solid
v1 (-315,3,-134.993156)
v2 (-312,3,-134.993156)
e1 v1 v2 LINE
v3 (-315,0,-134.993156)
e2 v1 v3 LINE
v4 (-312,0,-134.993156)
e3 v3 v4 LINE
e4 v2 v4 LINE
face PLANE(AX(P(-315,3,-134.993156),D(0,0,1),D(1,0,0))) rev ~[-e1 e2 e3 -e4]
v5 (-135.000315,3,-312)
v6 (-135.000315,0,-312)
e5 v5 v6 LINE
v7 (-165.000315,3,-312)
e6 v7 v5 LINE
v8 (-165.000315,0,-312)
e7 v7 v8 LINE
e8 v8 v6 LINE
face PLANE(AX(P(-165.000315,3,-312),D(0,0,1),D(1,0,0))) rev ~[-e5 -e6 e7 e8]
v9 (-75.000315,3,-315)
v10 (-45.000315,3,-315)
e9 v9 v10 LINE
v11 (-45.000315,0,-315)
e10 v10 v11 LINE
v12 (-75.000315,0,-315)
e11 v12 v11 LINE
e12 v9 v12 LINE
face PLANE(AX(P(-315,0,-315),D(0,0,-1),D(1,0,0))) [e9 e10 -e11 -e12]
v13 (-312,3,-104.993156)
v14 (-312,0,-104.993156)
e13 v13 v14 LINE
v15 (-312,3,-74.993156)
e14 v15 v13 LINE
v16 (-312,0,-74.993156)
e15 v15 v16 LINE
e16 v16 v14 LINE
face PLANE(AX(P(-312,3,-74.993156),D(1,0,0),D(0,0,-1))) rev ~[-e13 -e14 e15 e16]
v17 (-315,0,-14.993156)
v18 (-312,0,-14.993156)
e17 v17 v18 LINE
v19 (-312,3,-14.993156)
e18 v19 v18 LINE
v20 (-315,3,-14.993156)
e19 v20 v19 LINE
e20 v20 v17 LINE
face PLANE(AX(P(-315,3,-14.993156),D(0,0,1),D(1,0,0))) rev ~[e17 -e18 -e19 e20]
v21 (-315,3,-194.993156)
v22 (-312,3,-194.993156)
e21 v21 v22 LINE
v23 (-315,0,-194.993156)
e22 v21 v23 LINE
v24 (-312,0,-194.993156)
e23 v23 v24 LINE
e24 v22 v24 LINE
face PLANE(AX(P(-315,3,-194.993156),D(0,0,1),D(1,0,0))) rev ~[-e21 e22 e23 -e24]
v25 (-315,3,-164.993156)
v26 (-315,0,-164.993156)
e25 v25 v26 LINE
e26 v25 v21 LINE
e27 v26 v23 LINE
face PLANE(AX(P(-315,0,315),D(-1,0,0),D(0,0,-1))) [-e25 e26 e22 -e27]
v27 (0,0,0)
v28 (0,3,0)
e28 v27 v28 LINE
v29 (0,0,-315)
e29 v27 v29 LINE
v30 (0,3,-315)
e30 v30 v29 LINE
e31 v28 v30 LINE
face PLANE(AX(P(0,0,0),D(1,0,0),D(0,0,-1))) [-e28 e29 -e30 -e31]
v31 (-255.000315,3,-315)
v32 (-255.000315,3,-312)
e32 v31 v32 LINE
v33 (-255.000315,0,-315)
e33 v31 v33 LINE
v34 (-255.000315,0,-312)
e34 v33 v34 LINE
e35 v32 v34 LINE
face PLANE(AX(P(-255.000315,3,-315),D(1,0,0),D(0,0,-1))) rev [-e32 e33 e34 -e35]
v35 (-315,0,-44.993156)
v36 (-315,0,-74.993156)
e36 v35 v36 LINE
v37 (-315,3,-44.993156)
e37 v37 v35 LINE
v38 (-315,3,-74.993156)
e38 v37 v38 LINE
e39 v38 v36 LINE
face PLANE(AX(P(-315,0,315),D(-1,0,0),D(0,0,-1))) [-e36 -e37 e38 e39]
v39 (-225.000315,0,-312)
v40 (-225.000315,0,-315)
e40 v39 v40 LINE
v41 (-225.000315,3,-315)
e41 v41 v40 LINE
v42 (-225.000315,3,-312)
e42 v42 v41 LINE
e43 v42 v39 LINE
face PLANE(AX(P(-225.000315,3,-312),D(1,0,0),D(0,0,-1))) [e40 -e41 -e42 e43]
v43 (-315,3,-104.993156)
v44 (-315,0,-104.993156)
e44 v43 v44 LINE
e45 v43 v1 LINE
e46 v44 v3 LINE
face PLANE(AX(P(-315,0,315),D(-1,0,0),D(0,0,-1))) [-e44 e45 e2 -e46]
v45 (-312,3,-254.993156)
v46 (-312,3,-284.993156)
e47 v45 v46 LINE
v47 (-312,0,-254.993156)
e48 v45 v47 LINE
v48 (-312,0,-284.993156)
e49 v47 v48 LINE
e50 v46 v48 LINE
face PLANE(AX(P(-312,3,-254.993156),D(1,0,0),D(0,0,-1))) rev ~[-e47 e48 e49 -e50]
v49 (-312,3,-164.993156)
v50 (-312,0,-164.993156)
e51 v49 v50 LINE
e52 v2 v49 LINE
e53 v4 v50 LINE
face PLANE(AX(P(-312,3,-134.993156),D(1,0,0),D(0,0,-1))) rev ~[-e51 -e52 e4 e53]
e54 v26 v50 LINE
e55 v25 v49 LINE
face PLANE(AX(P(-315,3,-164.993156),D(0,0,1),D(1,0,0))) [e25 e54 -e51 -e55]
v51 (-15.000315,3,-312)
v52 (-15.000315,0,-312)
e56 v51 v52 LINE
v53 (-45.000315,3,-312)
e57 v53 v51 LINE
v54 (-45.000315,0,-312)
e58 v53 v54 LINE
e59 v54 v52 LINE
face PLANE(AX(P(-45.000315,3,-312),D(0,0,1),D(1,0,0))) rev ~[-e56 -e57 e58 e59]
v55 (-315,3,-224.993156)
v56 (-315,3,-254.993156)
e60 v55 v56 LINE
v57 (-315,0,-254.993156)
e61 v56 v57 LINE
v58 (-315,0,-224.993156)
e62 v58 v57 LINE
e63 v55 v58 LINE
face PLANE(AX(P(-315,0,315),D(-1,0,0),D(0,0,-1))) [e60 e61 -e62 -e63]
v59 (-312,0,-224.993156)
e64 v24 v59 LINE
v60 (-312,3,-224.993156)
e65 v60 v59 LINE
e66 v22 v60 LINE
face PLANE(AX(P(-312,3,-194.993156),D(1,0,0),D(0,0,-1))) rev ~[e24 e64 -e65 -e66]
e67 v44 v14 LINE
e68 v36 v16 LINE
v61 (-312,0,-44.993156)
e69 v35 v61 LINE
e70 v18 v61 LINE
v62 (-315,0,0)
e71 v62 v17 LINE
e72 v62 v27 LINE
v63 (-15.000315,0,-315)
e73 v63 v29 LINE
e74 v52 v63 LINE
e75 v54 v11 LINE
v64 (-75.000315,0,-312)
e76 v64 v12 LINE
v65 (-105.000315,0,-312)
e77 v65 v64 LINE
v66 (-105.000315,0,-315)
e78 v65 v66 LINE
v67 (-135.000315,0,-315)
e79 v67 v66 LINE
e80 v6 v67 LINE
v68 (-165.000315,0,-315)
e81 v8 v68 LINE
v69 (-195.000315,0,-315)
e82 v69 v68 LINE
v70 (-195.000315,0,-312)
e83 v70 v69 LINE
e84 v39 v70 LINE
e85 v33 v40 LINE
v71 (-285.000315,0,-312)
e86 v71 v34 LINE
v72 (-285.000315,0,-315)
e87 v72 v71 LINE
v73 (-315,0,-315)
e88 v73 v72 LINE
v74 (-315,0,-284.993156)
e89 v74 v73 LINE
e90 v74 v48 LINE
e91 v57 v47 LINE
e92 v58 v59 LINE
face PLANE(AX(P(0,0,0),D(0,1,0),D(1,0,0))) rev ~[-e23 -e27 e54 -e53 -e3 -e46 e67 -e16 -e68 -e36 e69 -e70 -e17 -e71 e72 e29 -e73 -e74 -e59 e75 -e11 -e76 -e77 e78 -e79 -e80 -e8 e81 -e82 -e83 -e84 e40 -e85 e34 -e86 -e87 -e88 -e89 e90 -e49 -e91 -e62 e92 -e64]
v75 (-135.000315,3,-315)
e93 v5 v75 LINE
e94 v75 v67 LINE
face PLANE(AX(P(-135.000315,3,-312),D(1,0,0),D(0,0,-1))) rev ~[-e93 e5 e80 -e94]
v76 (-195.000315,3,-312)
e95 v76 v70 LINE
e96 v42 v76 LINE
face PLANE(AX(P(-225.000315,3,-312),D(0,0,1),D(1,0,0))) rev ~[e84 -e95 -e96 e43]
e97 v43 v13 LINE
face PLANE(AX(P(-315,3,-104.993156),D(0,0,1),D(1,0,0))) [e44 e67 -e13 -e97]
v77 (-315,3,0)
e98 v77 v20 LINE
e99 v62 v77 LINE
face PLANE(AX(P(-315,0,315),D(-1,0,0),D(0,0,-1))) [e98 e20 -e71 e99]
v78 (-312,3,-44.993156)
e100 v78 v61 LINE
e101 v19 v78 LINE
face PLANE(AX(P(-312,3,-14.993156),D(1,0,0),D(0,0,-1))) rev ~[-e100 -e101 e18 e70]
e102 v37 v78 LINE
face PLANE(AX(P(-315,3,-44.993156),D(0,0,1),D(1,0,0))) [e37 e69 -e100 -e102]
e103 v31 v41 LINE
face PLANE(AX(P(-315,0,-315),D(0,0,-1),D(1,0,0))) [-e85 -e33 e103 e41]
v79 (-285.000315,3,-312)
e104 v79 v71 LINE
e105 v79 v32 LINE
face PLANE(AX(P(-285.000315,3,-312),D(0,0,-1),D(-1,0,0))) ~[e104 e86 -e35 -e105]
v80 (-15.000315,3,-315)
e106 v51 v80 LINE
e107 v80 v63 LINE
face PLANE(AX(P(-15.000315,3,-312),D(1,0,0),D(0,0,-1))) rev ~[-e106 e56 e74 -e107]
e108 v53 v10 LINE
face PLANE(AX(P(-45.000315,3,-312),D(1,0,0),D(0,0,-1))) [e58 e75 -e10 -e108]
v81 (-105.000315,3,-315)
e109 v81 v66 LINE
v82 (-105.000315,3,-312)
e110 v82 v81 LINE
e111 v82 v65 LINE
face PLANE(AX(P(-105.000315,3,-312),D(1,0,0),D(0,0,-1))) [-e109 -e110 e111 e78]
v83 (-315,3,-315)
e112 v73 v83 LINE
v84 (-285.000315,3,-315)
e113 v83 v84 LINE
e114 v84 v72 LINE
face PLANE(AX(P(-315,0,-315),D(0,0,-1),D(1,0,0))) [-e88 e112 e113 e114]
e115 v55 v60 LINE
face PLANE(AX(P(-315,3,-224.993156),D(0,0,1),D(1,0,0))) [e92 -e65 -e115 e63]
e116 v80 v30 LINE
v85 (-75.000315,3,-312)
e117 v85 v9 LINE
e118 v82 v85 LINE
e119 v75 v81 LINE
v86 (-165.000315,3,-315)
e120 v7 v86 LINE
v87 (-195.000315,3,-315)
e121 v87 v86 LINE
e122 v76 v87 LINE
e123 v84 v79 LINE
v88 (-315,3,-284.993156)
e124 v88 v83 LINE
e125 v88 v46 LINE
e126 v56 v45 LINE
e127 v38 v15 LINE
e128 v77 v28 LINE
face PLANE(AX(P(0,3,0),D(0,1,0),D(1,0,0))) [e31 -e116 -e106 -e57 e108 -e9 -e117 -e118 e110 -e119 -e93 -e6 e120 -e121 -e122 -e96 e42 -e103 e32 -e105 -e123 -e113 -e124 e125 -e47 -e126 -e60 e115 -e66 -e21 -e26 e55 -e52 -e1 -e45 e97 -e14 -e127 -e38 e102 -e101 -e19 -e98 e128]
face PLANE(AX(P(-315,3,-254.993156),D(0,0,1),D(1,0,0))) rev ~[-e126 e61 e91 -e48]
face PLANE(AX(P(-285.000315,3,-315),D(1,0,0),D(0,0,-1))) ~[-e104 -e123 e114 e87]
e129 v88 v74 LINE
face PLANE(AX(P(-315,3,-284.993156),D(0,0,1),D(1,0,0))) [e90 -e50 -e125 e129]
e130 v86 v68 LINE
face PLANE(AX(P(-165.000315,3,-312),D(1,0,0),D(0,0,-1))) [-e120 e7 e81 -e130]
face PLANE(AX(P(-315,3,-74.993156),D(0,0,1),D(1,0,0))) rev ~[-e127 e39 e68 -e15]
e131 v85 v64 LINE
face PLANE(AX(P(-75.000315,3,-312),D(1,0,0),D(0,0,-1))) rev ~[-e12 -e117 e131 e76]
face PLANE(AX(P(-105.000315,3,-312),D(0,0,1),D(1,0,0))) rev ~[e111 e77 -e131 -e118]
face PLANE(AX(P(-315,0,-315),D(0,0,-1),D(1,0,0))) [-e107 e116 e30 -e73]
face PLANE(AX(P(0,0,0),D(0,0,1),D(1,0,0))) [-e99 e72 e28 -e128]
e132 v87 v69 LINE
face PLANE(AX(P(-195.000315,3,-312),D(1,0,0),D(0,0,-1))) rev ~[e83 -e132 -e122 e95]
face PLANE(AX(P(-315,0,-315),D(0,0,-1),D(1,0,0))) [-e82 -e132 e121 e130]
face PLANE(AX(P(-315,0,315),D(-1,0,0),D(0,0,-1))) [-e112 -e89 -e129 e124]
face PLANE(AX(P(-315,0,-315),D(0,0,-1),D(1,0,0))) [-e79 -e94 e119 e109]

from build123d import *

# Parameters (mm, degrees)
SKETCH1_W               = 630
SKETCH1_H               = 630
BOSS_EXTRUDE1_DEPTH     = 3
SKETCH3_W               = 3
SKETCH3_H               = 30
CUT_EXTRUDE2_DEPTH      = 3
LPATTERN2_COUNT         = 10
LPATTERN2_PITCH         = 60
MIRROR1_COPY_1_SKETCH_W = 3
MIRROR1_COPY_1_SKETCH_H = 30
MIRROR1_COPY_1_DEPTH    = 3
MIRROR1_COPY_2_SKETCH_W = 3
MIRROR1_COPY_2_SKETCH_H = 30
MIRROR1_COPY_2_DEPTH    = 3
MIRROR1_COPY_3_SKETCH_W = 3
MIRROR1_COPY_3_SKETCH_H = 30
MIRROR1_COPY_3_DEPTH    = 3
MIRROR1_COPY_4_SKETCH_W = 3
MIRROR1_COPY_4_SKETCH_H = 30
MIRROR1_COPY_4_DEPTH    = 3
MIRROR1_COPY_5_SKETCH_W = 3
MIRROR1_COPY_5_SKETCH_H = 30
MIRROR1_COPY_5_DEPTH    = 3
MIRROR1_COPY_6_SKETCH_W = 3
MIRROR1_COPY_6_SKETCH_H = 30
MIRROR1_COPY_6_DEPTH    = 3
MIRROR1_COPY_7_SKETCH_W = 3
MIRROR1_COPY_7_SKETCH_H = 30
MIRROR1_COPY_7_DEPTH    = 3
MIRROR1_COPY_8_SKETCH_W = 3
MIRROR1_COPY_8_SKETCH_H = 30
MIRROR1_COPY_8_DEPTH    = 3
MIRROR1_COPY_9_SKETCH_W = 3
MIRROR1_COPY_9_SKETCH_H = 30
MIRROR1_COPY_9_DEPTH    = 3
SKETCH5_W               = 30
SKETCH5_H               = 3
CUT_EXTRUDE3_DEPTH      = 3
LPATTERN3_COUNT         = 10
LPATTERN3_PITCH         = 60
MIRROR2_COPY_1_SKETCH_W = 30
MIRROR2_COPY_1_SKETCH_H = 3
MIRROR2_COPY_1_DEPTH    = 3
MIRROR2_COPY_2_SKETCH_W = 30
MIRROR2_COPY_2_SKETCH_H = 3
MIRROR2_COPY_2_DEPTH    = 3
MIRROR2_COPY_3_SKETCH_W = 30
MIRROR2_COPY_3_SKETCH_H = 3
MIRROR2_COPY_3_DEPTH    = 3
MIRROR2_COPY_4_SKETCH_W = 30
MIRROR2_COPY_4_SKETCH_H = 3
MIRROR2_COPY_4_DEPTH    = 3
MIRROR2_COPY_5_SKETCH_W = 30
MIRROR2_COPY_5_SKETCH_H = 3
MIRROR2_COPY_5_DEPTH    = 3
MIRROR2_COPY_6_SKETCH_W = 30
MIRROR2_COPY_6_SKETCH_H = 3
MIRROR2_COPY_6_DEPTH    = 3
MIRROR2_COPY_7_SKETCH_W = 30
MIRROR2_COPY_7_SKETCH_H = 3
MIRROR2_COPY_7_DEPTH    = 3
MIRROR2_COPY_8_SKETCH_W = 30
MIRROR2_COPY_8_SKETCH_H = 3
MIRROR2_COPY_8_DEPTH    = 3
MIRROR2_COPY_9_SKETCH_W = 30
MIRROR2_COPY_9_SKETCH_H = 3
MIRROR2_COPY_9_DEPTH    = 3


with BuildPart() as part:
    # Sketch1 → Boss-Extrude1 (new body)
    with BuildSketch(Plane(origin=(0, 0, 0), x_dir=(1, 0, 0), z_dir=(0, 1, 0))):
        Rectangle(SKETCH1_W, SKETCH1_H)
    extrude(amount=BOSS_EXTRUDE1_DEPTH)

    # Sketch3 → Cut-Extrude2 (cut)
    with BuildSketch(Plane(origin=(0, 3, 0), x_dir=(1, 0, 0), z_dir=(0, 1, 0))):
        with Locations((-313.5, -270.006843512)):
            Rectangle(SKETCH3_W, SKETCH3_H)
    cut_extrude2 = extrude(amount=-CUT_EXTRUDE2_DEPTH, mode=Mode.SUBTRACT)

    # LPattern2: Cut-Extrude2 ×10
    with Locations(*[(0, 0, -i * LPATTERN2_PITCH) for i in range(1, LPATTERN2_COUNT)]):
        add(cut_extrude2, mode=Mode.SUBTRACT)

    # Mirror1: Cut-Extrude2 across plane
    add(cut_extrude2.mirror(Plane(origin=(0, 0, 0), x_dir=(0, 0, 1), z_dir=(1, 0, 0))), mode=Mode.SUBTRACT)

    # Mirror1 copy 1 sketch → Mirror1 copy 1 (cut)
    with BuildSketch(Plane(origin=(0, 3, -60), x_dir=(-1, 0, 0), z_dir=(0, 1, 0))):
        with Locations((-313.5, 270.006843512)):
            Rectangle(MIRROR1_COPY_1_SKETCH_W, MIRROR1_COPY_1_SKETCH_H)
    extrude(amount=-MIRROR1_COPY_1_DEPTH, mode=Mode.SUBTRACT)

    # Mirror1 copy 2 sketch → Mirror1 copy 2 (cut)
    with BuildSketch(Plane(origin=(0, 3, -120), x_dir=(-1, 0, 0), z_dir=(0, 1, 0))):
        with Locations((-313.5, 270.006843512)):
            Rectangle(MIRROR1_COPY_2_SKETCH_W, MIRROR1_COPY_2_SKETCH_H)
    extrude(amount=-MIRROR1_COPY_2_DEPTH, mode=Mode.SUBTRACT)

    # Mirror1 copy 3 sketch → Mirror1 copy 3 (cut)
    with BuildSketch(Plane(origin=(0, 3, -180), x_dir=(-1, 0, 0), z_dir=(0, 1, 0))):
        with Locations((-313.5, 270.006843512)):
            Rectangle(MIRROR1_COPY_3_SKETCH_W, MIRROR1_COPY_3_SKETCH_H)
    extrude(amount=-MIRROR1_COPY_3_DEPTH, mode=Mode.SUBTRACT)

    # Mirror1 copy 4 sketch → Mirror1 copy 4 (cut)
    with BuildSketch(Plane(origin=(0, 3, -240), x_dir=(-1, 0, 0), z_dir=(0, 1, 0))):
        with Locations((-313.5, 270.006843512)):
            Rectangle(MIRROR1_COPY_4_SKETCH_W, MIRROR1_COPY_4_SKETCH_H)
    extrude(amount=-MIRROR1_COPY_4_DEPTH, mode=Mode.SUBTRACT)

    # Mirror1 copy 5 sketch → Mirror1 copy 5 (cut)
    with BuildSketch(Plane(origin=(0, 3, -300), x_dir=(-1, 0, 0), z_dir=(0, 1, 0))):
        with Locations((-313.5, 270.006843512)):
            Rectangle(MIRROR1_COPY_5_SKETCH_W, MIRROR1_COPY_5_SKETCH_H)
    extrude(amount=-MIRROR1_COPY_5_DEPTH, mode=Mode.SUBTRACT)

    # Mirror1 copy 6 sketch → Mirror1 copy 6 (cut)
    with BuildSketch(Plane(origin=(0, 3, -360), x_dir=(-1, 0, 0), z_dir=(0, 1, 0))):
        with Locations((-313.5, 270.006843512)):
            Rectangle(MIRROR1_COPY_6_SKETCH_W, MIRROR1_COPY_6_SKETCH_H)
    extrude(amount=-MIRROR1_COPY_6_DEPTH, mode=Mode.SUBTRACT)

    # Mirror1 copy 7 sketch → Mirror1 copy 7 (cut)
    with BuildSketch(Plane(origin=(0, 3, -420), x_dir=(-1, 0, 0), z_dir=(0, 1, 0))):
        with Locations((-313.5, 270.006843512)):
            Rectangle(MIRROR1_COPY_7_SKETCH_W, MIRROR1_COPY_7_SKETCH_H)
    extrude(amount=-MIRROR1_COPY_7_DEPTH, mode=Mode.SUBTRACT)

    # Mirror1 copy 8 sketch → Mirror1 copy 8 (cut)
    with BuildSketch(Plane(origin=(0, 3, -480), x_dir=(-1, 0, 0), z_dir=(0, 1, 0))):
        with Locations((-313.5, 270.006843512)):
            Rectangle(MIRROR1_COPY_8_SKETCH_W, MIRROR1_COPY_8_SKETCH_H)
    extrude(amount=-MIRROR1_COPY_8_DEPTH, mode=Mode.SUBTRACT)

    # Mirror1 copy 9 sketch → Mirror1 copy 9 (cut)
    with BuildSketch(Plane(origin=(0, 3, -540), x_dir=(-1, 0, 0), z_dir=(0, 1, 0))):
        with Locations((-313.5, 270.006843512)):
            Rectangle(MIRROR1_COPY_9_SKETCH_W, MIRROR1_COPY_9_SKETCH_H)
    extrude(amount=-MIRROR1_COPY_9_DEPTH, mode=Mode.SUBTRACT)

    # Sketch5 → Cut-Extrude3 (cut)
    with BuildSketch(Plane(origin=(0, 3, 0), x_dir=(1, 0, 0), z_dir=(0, 1, 0))):
        with Locations((-270.000314512, -313.5)):
            Rectangle(SKETCH5_W, SKETCH5_H)
    cut_extrude3 = extrude(amount=-CUT_EXTRUDE3_DEPTH, mode=Mode.SUBTRACT)

    # LPattern3: Cut-Extrude3 ×10
    with Locations(*[(i * LPATTERN3_PITCH, 0, 0) for i in range(1, LPATTERN3_COUNT)]):
        add(cut_extrude3, mode=Mode.SUBTRACT)

    # Mirror2: Cut-Extrude3 across plane
    add(cut_extrude3.mirror(Plane.XY), mode=Mode.SUBTRACT)

    # Mirror2 copy 1 sketch → Mirror2 copy 1 (cut)
    with BuildSketch(Plane(origin=(60, 3, 0), x_dir=(1, 0, 0), z_dir=(0, 1, 0))):
        with Locations((-270.000314512, 313.5)):
            Rectangle(MIRROR2_COPY_1_SKETCH_W, MIRROR2_COPY_1_SKETCH_H)
    extrude(amount=-MIRROR2_COPY_1_DEPTH, mode=Mode.SUBTRACT)

    # Mirror2 copy 2 sketch → Mirror2 copy 2 (cut)
    with BuildSketch(Plane(origin=(120, 3, 0), x_dir=(1, 0, 0), z_dir=(0, 1, 0))):
        with Locations((-270.000314512, 313.5)):
            Rectangle(MIRROR2_COPY_2_SKETCH_W, MIRROR2_COPY_2_SKETCH_H)
    extrude(amount=-MIRROR2_COPY_2_DEPTH, mode=Mode.SUBTRACT)

    # Mirror2 copy 3 sketch → Mirror2 copy 3 (cut)
    with BuildSketch(Plane(origin=(180, 3, 0), x_dir=(1, 0, 0), z_dir=(0, 1, 0))):
        with Locations((-270.000314512, 313.5)):
            Rectangle(MIRROR2_COPY_3_SKETCH_W, MIRROR2_COPY_3_SKETCH_H)
    extrude(amount=-MIRROR2_COPY_3_DEPTH, mode=Mode.SUBTRACT)

    # Mirror2 copy 4 sketch → Mirror2 copy 4 (cut)
    with BuildSketch(Plane(origin=(240, 3, 0), x_dir=(1, 0, 0), z_dir=(0, 1, 0))):
        with Locations((-270.000314512, 313.5)):
            Rectangle(MIRROR2_COPY_4_SKETCH_W, MIRROR2_COPY_4_SKETCH_H)
    extrude(amount=-MIRROR2_COPY_4_DEPTH, mode=Mode.SUBTRACT)

    # Mirror2 copy 5 sketch → Mirror2 copy 5 (cut)
    with BuildSketch(Plane(origin=(300, 3, 0), x_dir=(1, 0, 0), z_dir=(0, 1, 0))):
        with Locations((-270.000314512, 313.5)):
            Rectangle(MIRROR2_COPY_5_SKETCH_W, MIRROR2_COPY_5_SKETCH_H)
    extrude(amount=-MIRROR2_COPY_5_DEPTH, mode=Mode.SUBTRACT)

    # Mirror2 copy 6 sketch → Mirror2 copy 6 (cut)
    with BuildSketch(Plane(origin=(360, 3, 0), x_dir=(1, 0, 0), z_dir=(0, 1, 0))):
        with Locations((-270.000314512, 313.5)):
            Rectangle(MIRROR2_COPY_6_SKETCH_W, MIRROR2_COPY_6_SKETCH_H)
    extrude(amount=-MIRROR2_COPY_6_DEPTH, mode=Mode.SUBTRACT)

    # Mirror2 copy 7 sketch → Mirror2 copy 7 (cut)
    with BuildSketch(Plane(origin=(420, 3, 0), x_dir=(1, 0, 0), z_dir=(0, 1, 0))):
        with Locations((-270.000314512, 313.5)):
            Rectangle(MIRROR2_COPY_7_SKETCH_W, MIRROR2_COPY_7_SKETCH_H)
    extrude(amount=-MIRROR2_COPY_7_DEPTH, mode=Mode.SUBTRACT)

    # Mirror2 copy 8 sketch → Mirror2 copy 8 (cut)
    with BuildSketch(Plane(origin=(480, 3, 0), x_dir=(1, 0, 0), z_dir=(0, 1, 0))):
        with Locations((-270.000314512, 313.5)):
            Rectangle(MIRROR2_COPY_8_SKETCH_W, MIRROR2_COPY_8_SKETCH_H)
    extrude(amount=-MIRROR2_COPY_8_DEPTH, mode=Mode.SUBTRACT)

    # Mirror2 copy 9 sketch → Mirror2 copy 9 (cut)
    with BuildSketch(Plane(origin=(540, 3, 0), x_dir=(1, 0, 0), z_dir=(0, 1, 0))):
        with Locations((-270.000314512, 313.5)):
            Rectangle(MIRROR2_COPY_9_SKETCH_W, MIRROR2_COPY_9_SKETCH_H)
    extrude(amount=-MIRROR2_COPY_9_DEPTH, mode=Mode.SUBTRACT)

    # SurfaceCut1
    split(bisect_by=Plane.XY, keep=Keep.BOTTOM)

    # SurfaceCut2
    split(bisect_by=Plane(origin=(0, 0, 0), x_dir=(0, 0, -1), z_dir=(1, 0, 0)), keep=Keep.BOTTOM)


solid = part.part
